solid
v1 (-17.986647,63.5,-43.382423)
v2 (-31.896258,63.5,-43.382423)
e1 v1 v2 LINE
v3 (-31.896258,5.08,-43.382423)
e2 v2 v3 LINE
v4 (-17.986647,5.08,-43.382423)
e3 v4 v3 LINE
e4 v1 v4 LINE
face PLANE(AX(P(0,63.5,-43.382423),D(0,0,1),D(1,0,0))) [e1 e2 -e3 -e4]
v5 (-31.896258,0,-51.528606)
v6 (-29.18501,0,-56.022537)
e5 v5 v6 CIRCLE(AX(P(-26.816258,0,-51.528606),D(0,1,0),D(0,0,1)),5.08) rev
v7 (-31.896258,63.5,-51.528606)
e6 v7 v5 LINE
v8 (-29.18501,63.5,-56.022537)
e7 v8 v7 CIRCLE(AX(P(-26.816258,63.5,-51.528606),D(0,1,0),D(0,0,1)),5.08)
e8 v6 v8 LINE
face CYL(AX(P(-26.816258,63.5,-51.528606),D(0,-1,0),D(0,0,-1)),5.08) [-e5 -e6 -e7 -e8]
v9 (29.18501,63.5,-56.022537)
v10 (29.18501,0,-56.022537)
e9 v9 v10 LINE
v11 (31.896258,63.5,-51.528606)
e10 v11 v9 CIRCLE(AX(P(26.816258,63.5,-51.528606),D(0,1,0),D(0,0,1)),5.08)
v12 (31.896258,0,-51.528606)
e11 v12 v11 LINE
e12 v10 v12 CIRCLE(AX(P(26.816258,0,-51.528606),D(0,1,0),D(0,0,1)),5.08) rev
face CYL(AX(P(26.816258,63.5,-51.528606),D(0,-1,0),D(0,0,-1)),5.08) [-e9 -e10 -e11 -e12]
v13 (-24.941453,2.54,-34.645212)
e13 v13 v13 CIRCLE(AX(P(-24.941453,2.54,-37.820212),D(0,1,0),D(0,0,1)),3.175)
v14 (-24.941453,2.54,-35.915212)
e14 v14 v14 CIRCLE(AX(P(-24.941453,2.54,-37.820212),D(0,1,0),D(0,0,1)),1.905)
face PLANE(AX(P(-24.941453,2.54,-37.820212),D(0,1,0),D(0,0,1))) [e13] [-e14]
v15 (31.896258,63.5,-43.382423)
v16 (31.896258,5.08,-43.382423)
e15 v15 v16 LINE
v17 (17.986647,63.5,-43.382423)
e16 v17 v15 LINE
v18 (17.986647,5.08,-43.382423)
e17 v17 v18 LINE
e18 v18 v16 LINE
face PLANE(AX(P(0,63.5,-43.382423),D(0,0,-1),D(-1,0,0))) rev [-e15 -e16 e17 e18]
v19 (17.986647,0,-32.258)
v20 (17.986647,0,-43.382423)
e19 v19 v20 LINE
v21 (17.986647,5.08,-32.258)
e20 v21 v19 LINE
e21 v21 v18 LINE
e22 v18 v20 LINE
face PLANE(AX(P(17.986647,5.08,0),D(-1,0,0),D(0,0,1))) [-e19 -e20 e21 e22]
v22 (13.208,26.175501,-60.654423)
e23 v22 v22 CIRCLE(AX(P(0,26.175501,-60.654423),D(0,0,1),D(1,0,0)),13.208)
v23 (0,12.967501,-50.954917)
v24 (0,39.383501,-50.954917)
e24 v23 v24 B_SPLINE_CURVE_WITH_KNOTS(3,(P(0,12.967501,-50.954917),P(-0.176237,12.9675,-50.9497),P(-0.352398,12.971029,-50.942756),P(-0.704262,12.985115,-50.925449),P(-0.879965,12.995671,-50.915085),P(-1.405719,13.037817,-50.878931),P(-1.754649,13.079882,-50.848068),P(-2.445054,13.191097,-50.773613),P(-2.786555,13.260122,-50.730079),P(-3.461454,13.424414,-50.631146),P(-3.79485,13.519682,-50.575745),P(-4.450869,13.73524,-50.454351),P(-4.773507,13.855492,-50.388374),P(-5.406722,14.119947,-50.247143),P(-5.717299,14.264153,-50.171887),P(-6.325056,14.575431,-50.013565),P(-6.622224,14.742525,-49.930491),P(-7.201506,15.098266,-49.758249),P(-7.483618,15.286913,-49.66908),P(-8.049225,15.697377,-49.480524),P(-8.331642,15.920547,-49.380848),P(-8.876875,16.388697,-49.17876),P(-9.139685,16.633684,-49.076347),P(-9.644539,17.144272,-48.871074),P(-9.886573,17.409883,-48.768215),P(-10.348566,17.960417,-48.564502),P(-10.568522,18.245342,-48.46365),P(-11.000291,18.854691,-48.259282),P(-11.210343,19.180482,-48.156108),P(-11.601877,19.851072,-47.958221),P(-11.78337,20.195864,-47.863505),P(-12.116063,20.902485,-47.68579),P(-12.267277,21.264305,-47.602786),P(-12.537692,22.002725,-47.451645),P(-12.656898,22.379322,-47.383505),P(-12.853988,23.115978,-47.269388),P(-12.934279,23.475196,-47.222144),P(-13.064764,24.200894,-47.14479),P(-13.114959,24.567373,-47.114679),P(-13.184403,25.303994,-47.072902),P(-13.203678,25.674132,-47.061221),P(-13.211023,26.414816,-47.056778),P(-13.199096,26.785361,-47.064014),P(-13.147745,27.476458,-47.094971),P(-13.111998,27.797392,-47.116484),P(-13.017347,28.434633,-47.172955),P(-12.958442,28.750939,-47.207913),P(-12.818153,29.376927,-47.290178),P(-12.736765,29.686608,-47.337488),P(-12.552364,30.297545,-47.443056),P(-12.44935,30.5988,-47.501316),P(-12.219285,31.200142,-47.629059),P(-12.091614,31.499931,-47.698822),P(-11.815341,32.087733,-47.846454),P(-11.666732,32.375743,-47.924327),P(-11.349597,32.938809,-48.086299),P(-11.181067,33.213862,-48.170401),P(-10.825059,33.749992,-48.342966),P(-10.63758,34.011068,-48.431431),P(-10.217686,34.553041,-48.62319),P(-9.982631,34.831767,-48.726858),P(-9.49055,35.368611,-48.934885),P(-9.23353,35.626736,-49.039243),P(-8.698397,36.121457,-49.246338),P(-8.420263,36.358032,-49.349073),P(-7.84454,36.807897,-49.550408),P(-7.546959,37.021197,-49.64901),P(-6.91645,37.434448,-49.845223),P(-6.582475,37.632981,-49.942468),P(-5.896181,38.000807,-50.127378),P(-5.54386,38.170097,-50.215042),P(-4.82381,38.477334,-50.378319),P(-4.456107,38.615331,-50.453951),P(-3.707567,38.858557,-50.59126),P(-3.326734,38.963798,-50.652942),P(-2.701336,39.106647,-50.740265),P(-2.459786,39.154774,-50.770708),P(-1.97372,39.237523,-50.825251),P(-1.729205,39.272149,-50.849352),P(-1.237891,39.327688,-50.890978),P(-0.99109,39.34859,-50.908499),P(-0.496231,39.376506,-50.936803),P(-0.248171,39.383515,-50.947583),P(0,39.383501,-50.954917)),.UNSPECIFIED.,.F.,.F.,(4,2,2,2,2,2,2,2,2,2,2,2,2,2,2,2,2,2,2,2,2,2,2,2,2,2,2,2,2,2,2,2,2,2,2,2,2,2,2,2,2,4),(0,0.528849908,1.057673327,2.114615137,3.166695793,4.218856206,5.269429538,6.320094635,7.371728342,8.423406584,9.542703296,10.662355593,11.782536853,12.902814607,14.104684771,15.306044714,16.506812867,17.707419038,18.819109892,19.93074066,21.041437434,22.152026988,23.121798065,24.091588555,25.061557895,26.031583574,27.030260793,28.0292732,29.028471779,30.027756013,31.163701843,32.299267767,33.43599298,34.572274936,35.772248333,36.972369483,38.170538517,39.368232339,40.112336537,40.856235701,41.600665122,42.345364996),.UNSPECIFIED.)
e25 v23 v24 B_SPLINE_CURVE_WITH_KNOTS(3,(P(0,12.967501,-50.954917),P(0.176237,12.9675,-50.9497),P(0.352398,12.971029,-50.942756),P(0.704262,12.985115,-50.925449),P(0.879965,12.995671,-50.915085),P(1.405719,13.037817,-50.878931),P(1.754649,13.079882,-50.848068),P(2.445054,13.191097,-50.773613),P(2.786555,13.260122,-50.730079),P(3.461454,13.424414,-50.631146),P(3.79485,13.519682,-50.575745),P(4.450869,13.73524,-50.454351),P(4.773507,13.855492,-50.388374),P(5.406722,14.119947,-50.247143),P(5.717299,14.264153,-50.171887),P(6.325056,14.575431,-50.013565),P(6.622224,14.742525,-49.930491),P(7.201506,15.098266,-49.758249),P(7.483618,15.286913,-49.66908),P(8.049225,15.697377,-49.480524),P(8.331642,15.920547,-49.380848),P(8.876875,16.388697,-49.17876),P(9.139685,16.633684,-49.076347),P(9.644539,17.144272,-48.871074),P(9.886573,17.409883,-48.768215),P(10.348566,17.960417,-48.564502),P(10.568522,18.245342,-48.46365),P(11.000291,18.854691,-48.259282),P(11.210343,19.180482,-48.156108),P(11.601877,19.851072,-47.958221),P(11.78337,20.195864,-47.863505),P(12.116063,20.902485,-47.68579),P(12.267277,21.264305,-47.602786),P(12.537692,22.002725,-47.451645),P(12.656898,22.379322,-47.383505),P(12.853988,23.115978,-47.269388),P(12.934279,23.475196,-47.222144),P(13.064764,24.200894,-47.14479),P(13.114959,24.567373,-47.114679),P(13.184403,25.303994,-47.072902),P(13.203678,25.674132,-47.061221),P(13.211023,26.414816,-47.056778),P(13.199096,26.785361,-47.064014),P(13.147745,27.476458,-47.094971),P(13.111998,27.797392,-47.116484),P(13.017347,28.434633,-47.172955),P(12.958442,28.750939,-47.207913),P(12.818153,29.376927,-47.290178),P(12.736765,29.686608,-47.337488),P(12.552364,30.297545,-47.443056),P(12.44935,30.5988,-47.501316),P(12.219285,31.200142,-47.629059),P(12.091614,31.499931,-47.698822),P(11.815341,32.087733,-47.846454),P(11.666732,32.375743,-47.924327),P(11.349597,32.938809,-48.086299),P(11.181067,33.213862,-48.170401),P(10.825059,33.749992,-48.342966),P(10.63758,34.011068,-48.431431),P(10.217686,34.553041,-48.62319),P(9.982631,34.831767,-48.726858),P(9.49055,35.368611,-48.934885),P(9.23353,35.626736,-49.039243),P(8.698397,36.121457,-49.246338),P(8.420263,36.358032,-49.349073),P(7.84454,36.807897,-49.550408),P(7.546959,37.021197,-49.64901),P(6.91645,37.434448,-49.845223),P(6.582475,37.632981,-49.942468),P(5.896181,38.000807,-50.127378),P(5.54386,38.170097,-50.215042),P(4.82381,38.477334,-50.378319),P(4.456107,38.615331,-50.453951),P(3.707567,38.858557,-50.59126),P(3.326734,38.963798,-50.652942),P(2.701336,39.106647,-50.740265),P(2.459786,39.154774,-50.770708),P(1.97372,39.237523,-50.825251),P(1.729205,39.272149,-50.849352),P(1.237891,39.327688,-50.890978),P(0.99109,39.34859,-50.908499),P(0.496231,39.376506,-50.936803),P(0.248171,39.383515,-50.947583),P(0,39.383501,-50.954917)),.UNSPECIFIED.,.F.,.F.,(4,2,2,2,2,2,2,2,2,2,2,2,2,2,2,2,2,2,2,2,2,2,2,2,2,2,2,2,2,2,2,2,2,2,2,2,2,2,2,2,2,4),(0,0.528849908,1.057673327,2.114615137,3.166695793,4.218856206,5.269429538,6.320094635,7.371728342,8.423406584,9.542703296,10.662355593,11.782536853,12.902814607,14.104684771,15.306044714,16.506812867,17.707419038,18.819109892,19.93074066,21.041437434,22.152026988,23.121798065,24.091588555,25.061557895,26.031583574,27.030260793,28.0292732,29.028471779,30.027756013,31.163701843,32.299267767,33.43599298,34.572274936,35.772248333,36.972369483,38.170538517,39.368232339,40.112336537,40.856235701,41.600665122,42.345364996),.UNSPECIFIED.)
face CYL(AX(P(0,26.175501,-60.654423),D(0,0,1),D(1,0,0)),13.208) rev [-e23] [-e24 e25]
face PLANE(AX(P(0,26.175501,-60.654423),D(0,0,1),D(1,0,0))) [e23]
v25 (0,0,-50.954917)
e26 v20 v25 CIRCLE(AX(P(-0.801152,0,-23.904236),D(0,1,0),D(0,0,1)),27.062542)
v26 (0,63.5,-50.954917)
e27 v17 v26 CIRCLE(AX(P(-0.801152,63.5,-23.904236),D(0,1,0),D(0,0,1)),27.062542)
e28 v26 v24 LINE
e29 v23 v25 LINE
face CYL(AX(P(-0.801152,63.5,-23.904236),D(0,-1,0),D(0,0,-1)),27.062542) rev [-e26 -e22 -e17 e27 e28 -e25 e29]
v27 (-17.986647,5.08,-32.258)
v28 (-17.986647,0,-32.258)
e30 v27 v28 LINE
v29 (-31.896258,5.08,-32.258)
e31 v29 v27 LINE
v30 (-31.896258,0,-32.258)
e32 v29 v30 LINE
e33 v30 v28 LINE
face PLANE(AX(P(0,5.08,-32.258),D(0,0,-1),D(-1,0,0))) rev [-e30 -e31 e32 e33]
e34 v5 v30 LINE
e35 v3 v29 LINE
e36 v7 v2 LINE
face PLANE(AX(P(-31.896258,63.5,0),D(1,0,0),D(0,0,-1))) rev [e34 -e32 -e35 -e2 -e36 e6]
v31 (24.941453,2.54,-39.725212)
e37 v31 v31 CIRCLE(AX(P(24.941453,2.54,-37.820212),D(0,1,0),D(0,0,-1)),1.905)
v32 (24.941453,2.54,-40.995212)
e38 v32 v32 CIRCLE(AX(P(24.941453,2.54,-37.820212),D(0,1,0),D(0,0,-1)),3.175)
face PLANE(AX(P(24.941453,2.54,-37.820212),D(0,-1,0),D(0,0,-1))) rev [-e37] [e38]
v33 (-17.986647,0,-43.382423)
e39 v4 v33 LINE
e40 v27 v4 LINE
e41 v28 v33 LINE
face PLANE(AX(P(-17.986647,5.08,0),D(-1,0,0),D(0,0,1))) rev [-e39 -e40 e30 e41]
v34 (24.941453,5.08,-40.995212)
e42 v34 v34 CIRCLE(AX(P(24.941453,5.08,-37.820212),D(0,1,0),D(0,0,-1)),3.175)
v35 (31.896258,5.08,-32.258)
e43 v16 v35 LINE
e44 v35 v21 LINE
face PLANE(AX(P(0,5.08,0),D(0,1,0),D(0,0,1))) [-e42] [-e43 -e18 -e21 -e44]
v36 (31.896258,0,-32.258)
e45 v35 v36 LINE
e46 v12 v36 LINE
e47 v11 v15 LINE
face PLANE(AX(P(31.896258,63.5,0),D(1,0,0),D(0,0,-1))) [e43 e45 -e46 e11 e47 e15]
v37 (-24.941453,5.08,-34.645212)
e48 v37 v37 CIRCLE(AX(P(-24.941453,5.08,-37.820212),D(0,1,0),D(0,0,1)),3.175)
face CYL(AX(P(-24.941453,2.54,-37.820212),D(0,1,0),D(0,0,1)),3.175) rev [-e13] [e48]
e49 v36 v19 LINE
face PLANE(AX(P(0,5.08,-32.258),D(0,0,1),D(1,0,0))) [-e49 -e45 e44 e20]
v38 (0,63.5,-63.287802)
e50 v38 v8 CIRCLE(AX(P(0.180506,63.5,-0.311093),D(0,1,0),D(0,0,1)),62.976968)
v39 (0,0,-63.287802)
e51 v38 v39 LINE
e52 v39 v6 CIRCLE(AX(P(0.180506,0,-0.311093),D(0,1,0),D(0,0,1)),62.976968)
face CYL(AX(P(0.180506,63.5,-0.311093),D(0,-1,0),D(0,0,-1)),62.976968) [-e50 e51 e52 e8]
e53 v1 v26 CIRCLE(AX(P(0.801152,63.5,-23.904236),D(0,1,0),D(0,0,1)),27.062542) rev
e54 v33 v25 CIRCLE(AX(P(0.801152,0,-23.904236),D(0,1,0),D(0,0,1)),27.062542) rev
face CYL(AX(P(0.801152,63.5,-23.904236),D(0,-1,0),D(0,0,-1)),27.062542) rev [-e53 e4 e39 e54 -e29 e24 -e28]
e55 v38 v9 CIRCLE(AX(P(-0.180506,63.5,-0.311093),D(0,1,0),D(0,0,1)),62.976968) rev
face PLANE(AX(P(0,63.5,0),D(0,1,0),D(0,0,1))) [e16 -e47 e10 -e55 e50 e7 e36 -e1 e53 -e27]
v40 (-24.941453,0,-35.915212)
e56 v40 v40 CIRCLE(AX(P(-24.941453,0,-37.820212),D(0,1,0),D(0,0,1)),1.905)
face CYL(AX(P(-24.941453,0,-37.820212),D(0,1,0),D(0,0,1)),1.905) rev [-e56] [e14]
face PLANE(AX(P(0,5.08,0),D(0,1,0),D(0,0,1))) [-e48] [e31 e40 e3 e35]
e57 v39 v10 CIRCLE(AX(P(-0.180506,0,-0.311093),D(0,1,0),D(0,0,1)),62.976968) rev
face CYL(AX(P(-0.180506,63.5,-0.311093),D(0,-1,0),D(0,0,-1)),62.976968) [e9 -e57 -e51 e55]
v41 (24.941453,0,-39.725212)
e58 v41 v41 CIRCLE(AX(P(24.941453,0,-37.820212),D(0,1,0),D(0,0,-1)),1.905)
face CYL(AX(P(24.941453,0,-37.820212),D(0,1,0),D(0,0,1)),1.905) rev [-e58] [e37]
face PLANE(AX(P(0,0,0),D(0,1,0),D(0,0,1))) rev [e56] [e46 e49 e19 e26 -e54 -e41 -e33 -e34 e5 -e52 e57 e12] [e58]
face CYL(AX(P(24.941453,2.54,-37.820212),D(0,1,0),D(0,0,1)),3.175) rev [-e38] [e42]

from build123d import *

# Parameters (mm, degrees)
BOSS_EXTRUDE2_DEPTH = 63.5
SKETCH1_4_W         = 13.909610768
SKETCH1_4_H         = 11.124423297
BOSS_EXTRUDE3_DEPTH = 5.08
SKETCH2_R           = 3.175
CUT_EXTRUDE1_DEPTH  = 2.54
SKETCH3_R           = 1.905
CUT_EXTRUDE2_DEPTH  = 94.48175649
CUT_EXTRUDE3_START  = -43.382423
SKETCH4_R           = 13.208
CUT_EXTRUDE3_DEPTH  = 17.272
FILLET1_R           = 5.08


with BuildPart() as part:
    # Sketch1 → Boss-Extrude2 (new body)
    with BuildSketch(Plane(origin=(0, 0, 0), x_dir=(1, 0, 0), z_dir=(0, 1, 0))):
        with BuildLine():
            ThreePointArc((0, 63.287802336), (-16.535030554, 61.029206749), (-31.896257962, 54.506846594))
            Line((-31.896257962, 54.506846594), (-31.896257962, 43.382423297))
            Line((-31.896257962, 43.382423297), (-17.986647194, 43.382423297))
            ThreePointArc((-17.986647194, 43.382423297), (-9.699677374, 48.846444583), (0, 50.954917077))
            ThreePointArc((0, 50.954917077), (9.699677374, 48.846444583), (17.986647194, 43.382423297))
            Line((17.986647194, 43.382423297), (31.896257962, 43.382423297))
            Line((31.896257962, 43.382423297), (31.896257962, 54.506846594))
            ThreePointArc((31.896257962, 54.506846594), (16.535030554, 61.029206749), (0, 63.287802336))
        make_face()
    extrude(amount=BOSS_EXTRUDE2_DEPTH)

    # Sketch1<4> → Boss-Extrude3 (add)
    with BuildSketch(Plane(origin=(0, 0, 0), x_dir=(1, 0, 0), z_dir=(0, 1, 0))):
        with Locations((-24.941452578, 37.820211649)):
            Rectangle(SKETCH1_4_W, SKETCH1_4_H)
        with Locations((24.941452578, 37.820211649)):
            Rectangle(SKETCH1_4_W, SKETCH1_4_H)
    extrude(amount=BOSS_EXTRUDE3_DEPTH)

    # Sketch2 → Cut-Extrude1 (cut)
    with BuildSketch(Plane(origin=(0, 5.08, 0), x_dir=(1, 0, 0), z_dir=(0, 1, 0))):
        with Locations(Location((-24.941452578, 37.820211648, 0), (0, 0, 270))):
            Circle(SKETCH2_R)
        with Locations(Location((24.941452578, 37.820211648, 0), (0, 0, 90))):
            Circle(SKETCH2_R)
    extrude(amount=-CUT_EXTRUDE1_DEPTH, mode=Mode.SUBTRACT)

    # Sketch3 → Cut-Extrude2 (cut, through all)
    with BuildSketch(Plane(origin=(0, 2.54, 0), x_dir=(1, 0, 0), z_dir=(0, 1, 0))):
        with Locations(Location((-24.941452578, 37.820211648, 0), (0, 0, 270))):
            Circle(SKETCH3_R)
        with Locations(Location((24.941452578, 37.820211648, 0), (0, 0, 90))):
            Circle(SKETCH3_R)
    extrude(amount=-CUT_EXTRUDE2_DEPTH, mode=Mode.SUBTRACT)

    # Sketch4 → Cut-Extrude3 (cut)
    with BuildSketch(Plane.XY.offset(CUT_EXTRUDE3_START)):
        with Locations((0, 26.175500537)):
            Circle(SKETCH4_R)
    extrude(amount=-CUT_EXTRUDE3_DEPTH, mode=Mode.SUBTRACT)

    # Fillet1
    fillet1_edges = [part.edges().sort_by_distance(p)[0] for p in [
        (31.896257962, 31.75, -54.506846594),
        (-31.896257962, 31.75, -54.506846594),
    ]]
    fillet(fillet1_edges, radius=FILLET1_R)


solid = part.part
